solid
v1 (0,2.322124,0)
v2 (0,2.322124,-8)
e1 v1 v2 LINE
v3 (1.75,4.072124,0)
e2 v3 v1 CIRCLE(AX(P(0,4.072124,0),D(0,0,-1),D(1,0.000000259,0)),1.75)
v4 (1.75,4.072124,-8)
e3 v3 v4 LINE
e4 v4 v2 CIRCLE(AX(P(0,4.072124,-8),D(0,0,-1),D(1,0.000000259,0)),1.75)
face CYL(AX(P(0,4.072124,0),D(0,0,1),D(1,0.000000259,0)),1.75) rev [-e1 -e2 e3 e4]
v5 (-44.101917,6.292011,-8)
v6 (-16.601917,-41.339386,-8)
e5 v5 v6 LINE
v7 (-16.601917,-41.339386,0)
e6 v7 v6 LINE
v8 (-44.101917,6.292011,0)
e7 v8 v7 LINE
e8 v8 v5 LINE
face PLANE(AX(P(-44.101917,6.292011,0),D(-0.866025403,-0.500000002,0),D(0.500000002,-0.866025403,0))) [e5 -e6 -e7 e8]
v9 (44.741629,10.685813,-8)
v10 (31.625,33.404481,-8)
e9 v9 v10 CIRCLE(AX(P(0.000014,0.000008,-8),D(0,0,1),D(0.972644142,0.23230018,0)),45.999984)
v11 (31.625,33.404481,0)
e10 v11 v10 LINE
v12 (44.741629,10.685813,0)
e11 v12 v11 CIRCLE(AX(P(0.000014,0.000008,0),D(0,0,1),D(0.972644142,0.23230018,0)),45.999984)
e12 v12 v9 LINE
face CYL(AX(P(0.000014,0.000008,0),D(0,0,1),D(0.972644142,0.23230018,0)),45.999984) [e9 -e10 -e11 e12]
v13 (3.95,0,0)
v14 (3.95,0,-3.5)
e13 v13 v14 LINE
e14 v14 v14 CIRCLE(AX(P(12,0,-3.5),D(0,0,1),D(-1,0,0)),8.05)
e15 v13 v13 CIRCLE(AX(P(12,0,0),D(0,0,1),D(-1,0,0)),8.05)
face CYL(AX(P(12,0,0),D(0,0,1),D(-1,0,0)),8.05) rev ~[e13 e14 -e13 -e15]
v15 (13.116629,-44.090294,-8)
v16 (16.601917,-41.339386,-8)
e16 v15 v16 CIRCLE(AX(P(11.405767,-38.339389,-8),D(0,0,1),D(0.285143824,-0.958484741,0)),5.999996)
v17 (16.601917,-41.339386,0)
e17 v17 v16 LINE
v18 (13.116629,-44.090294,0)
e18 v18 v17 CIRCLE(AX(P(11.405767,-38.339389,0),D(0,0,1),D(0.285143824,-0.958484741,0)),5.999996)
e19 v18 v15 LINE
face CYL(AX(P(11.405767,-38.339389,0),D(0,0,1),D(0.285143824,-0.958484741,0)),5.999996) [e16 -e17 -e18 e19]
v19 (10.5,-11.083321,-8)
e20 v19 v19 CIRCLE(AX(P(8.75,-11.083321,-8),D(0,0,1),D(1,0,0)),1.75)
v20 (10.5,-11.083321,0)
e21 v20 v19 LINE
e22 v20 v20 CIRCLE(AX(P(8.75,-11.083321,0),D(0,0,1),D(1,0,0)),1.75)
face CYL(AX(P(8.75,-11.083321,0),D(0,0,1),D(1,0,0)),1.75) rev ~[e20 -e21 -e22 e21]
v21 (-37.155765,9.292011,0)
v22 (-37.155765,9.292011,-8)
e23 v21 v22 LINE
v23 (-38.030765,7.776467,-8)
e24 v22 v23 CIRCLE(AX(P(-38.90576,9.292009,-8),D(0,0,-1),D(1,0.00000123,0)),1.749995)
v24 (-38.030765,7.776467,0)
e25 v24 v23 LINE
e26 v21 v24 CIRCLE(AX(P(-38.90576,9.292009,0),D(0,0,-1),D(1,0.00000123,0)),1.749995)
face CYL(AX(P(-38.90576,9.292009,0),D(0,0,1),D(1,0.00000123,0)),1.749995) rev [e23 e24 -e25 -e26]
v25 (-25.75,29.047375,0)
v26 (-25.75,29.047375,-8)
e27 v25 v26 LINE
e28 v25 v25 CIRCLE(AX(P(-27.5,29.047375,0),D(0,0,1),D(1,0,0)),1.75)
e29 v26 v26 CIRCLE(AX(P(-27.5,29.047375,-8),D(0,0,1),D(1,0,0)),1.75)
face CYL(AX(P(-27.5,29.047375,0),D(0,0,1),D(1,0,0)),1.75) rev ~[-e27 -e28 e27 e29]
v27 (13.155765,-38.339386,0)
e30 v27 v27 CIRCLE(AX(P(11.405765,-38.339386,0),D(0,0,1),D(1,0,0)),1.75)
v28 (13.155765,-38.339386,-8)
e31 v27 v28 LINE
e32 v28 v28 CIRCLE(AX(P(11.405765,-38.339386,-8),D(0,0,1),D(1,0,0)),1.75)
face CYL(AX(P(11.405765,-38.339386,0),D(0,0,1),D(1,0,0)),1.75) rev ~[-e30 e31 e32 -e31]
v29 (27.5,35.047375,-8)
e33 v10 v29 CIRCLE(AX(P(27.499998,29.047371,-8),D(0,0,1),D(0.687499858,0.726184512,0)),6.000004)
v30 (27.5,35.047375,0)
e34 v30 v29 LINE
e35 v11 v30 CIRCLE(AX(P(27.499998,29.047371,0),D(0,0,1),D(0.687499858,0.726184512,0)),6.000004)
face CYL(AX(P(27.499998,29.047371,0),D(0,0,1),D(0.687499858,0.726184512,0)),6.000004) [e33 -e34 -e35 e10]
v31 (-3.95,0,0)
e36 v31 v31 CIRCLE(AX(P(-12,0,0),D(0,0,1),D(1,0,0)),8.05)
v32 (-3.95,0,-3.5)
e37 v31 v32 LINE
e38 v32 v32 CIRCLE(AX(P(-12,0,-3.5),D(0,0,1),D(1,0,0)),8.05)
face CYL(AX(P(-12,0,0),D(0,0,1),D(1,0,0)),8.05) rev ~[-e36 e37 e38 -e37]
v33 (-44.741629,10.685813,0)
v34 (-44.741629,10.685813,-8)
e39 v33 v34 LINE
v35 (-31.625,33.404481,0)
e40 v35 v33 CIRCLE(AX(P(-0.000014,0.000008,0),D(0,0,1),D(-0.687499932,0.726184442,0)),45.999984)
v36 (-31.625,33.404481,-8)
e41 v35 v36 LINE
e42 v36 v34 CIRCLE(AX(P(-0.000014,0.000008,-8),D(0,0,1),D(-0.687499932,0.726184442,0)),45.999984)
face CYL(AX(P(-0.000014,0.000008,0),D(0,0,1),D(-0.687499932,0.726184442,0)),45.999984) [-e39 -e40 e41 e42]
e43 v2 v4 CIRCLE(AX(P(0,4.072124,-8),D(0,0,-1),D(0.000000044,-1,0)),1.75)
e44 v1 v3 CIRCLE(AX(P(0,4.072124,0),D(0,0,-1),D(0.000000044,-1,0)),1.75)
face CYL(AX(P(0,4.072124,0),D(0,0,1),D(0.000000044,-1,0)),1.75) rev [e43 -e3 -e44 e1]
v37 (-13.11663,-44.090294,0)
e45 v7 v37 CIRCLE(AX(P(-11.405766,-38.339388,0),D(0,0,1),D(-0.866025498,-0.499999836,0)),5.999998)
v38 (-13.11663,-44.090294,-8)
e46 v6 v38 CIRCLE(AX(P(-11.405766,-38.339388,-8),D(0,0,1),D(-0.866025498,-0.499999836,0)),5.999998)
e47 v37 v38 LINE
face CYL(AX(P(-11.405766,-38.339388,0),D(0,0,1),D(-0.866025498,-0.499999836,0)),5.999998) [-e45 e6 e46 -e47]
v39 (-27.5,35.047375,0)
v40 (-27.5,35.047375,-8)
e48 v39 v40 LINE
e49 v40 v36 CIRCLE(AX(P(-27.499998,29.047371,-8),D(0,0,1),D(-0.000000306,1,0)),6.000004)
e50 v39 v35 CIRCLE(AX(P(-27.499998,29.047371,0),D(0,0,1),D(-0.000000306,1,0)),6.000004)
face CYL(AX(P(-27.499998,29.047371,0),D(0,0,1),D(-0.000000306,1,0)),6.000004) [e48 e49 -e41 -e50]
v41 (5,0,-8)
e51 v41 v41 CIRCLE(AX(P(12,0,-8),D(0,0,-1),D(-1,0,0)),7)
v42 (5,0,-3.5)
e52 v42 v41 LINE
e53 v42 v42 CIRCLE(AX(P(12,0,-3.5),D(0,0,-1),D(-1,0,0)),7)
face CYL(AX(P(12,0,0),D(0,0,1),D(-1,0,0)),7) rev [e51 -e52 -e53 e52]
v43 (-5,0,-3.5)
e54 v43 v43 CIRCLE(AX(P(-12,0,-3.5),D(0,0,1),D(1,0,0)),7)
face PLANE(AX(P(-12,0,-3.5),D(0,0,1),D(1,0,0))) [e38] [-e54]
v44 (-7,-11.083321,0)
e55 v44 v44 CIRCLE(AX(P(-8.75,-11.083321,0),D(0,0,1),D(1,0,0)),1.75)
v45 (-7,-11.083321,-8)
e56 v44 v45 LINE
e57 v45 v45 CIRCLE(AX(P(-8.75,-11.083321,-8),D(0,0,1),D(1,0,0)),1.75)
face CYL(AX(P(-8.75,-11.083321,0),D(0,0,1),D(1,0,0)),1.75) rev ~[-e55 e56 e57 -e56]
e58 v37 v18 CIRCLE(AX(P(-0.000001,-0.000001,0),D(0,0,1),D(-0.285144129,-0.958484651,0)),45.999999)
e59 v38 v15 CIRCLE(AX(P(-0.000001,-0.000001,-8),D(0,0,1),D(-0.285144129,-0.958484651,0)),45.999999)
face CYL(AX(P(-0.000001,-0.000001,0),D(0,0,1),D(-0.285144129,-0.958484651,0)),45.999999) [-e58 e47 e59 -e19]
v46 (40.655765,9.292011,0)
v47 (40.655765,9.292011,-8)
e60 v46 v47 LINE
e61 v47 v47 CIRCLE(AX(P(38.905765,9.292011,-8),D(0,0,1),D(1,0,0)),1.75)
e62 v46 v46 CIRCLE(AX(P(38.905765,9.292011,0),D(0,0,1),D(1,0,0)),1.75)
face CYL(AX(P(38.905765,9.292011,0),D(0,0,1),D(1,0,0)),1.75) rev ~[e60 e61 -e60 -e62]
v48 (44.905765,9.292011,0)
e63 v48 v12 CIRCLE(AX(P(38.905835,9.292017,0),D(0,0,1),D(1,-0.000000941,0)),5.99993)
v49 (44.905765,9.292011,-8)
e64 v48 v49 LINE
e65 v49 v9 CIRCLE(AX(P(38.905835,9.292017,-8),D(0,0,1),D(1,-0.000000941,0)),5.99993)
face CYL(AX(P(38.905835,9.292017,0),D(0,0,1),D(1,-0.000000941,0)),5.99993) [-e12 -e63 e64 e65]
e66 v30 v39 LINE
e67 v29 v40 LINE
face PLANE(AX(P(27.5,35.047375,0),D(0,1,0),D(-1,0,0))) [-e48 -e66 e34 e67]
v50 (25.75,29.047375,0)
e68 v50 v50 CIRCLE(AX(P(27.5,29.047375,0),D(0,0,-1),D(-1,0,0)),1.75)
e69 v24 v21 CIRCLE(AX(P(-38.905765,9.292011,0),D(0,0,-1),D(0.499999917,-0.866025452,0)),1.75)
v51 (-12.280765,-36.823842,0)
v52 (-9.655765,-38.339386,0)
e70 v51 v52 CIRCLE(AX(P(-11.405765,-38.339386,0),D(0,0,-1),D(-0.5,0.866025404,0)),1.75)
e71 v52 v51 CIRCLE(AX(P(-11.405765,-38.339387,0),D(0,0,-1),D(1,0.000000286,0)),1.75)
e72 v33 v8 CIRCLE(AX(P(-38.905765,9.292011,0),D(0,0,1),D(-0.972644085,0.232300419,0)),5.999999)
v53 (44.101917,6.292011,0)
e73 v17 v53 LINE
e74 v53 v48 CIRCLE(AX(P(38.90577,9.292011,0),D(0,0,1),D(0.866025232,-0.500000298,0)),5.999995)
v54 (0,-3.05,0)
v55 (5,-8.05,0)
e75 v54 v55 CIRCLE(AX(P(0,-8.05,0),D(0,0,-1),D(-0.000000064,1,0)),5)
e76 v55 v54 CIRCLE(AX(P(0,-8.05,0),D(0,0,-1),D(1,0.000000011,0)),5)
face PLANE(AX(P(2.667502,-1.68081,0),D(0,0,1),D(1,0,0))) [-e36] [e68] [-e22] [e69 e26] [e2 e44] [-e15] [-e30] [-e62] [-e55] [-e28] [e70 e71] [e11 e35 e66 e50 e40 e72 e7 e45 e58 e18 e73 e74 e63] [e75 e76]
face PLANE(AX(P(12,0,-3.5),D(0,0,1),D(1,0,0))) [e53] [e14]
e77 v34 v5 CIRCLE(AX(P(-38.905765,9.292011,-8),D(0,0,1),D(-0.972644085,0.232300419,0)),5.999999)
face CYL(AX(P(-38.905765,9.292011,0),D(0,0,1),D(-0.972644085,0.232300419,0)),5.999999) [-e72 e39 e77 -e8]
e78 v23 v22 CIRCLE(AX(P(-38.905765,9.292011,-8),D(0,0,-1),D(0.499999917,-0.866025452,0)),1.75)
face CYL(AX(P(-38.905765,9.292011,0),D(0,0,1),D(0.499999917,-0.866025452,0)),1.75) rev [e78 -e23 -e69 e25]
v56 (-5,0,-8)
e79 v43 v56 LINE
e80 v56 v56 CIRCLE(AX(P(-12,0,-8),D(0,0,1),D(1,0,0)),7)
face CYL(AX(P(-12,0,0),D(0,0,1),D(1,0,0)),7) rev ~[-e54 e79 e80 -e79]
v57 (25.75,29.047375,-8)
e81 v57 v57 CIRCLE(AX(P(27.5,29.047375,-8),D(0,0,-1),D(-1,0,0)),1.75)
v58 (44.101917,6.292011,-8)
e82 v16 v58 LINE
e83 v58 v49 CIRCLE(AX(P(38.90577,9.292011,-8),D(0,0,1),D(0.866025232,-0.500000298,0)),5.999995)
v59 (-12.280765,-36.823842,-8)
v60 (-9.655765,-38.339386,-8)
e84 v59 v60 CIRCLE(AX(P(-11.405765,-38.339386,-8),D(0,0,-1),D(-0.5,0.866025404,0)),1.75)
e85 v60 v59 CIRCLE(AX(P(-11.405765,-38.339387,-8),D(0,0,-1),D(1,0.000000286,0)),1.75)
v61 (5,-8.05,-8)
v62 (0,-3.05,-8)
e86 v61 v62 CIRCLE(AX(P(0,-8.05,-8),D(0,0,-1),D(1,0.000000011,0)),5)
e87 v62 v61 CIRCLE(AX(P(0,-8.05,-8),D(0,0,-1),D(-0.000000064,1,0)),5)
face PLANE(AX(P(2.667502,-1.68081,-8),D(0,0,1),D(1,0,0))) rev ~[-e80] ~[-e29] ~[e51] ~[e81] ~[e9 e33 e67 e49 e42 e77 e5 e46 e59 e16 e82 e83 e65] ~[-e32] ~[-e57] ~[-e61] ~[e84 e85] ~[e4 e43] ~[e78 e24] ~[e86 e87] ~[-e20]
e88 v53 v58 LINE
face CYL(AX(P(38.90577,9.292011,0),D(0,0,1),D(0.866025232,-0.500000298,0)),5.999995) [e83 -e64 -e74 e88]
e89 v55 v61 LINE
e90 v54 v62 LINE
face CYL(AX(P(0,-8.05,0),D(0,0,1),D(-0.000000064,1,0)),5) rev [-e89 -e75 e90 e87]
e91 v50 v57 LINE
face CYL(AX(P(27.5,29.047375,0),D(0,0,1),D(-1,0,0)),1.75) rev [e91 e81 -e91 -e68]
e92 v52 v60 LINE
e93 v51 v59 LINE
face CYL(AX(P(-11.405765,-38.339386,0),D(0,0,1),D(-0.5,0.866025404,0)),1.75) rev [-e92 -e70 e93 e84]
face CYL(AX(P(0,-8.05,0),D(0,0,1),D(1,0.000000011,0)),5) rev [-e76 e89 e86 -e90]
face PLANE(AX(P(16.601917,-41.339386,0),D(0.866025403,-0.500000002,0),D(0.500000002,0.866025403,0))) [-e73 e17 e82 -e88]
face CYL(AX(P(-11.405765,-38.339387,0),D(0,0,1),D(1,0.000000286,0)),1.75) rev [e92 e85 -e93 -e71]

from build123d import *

# Parameters (mm, degrees)
F0_R     = 1.75
F0_R_2   = 8.05
F0_R_3   = 7
F1_DEPTH = 8
F2_DEPTH = 3.5


with BuildPart() as f1:
    # F0 (on Top) → F1 (new body)
    with BuildSketch(Plane.XY):
        with BuildLine():
            ThreePointArc((-32.905765, 9.292011), (-33.709612, 6.292011), (-35.905765, 4.095859))
            Line((-35.905765, 4.095859), (-14.405765, -33.143234))
            ThreePointArc((-14.405765, -33.143234), (-8.405765, -33.143234), (-5.405765, -38.339386))
            ThreePointArc((-5.405765, -38.339386), (-7.818648, -43.149022), (-13.11663, -44.090294))
            ThreePointArc((-13.11663, -44.090294), (0, -46), (13.116629, -44.090294))
            ThreePointArc((13.116629, -44.090294), (6.596129, -34.752269), (17.405765, -38.339386))
            ThreePointArc((17.405765, -38.339386), (17.20132, -39.8923), (16.601917, -41.339386))
            Line((16.601917, -41.339386), (44.101917, 6.292011))
            ThreePointArc((44.101917, 6.292011), (32.968364, 10.156462), (44.741629, 10.685813))
            ThreePointArc((44.741629, 10.685813), (39.837169, 23), (31.625, 33.404481))
            ThreePointArc((31.625, 33.404481), (33.011352, 31.419083), (33.5, 29.047375))
            ThreePointArc((33.5, 29.047375), (27.5, 23.047375), (21.5, 29.047375))
            Line((21.5, 29.047375), (-21.5, 29.047375))
            ThreePointArc((-21.5, 29.047375), (-29.871708, 23.536023), (-31.625, 33.404481))
            ThreePointArc((-31.625, 33.404481), (-39.837169, 23), (-44.741629, 10.685813))
            ThreePointArc((-44.741629, 10.685813), (-38.204048, 15.250836), (-32.905765, 9.292011))
        make_face()
        with Locations((-8.75, -11.083321)):
            Circle(F0_R, mode=Mode.SUBTRACT)
        with BuildLine():
            ThreePointArc((5, -8.05), (-3.535534, -11.585534), (0, -3.05))
            ThreePointArc((0, -3.05), (3.535534, -4.514466), (5, -8.05))
        make_face(mode=Mode.SUBTRACT)
        with Locations((8.75, -11.083321)):
            Circle(F0_R, mode=Mode.SUBTRACT)
        with Locations((-12, 0)):
            Circle(F0_R_2, mode=Mode.SUBTRACT)
        with BuildLine():
            ThreePointArc((1.75, 4.072124), (1.237437, 2.834687), (0, 2.322124))
            ThreePointArc((0, 2.322124), (-1.237437, 5.309561), (1.75, 4.072124))
        make_face(mode=Mode.SUBTRACT)
        with BuildLine():
            ThreePointArc((20.05, 0), (12, -8.05), (3.95, 0))
            ThreePointArc((3.95, 0), (12, 8.05), (20.05, 0))
        make_face(mode=Mode.SUBTRACT)
        with BuildLine():
            Line((-14.405765, -33.143234), (-35.905765, 4.095859))
            ThreePointArc((-35.905765, 4.095859), (-40.458679, 3.496456), (-44.101917, 6.292011))
            Line((-44.101917, 6.292011), (-16.601917, -41.339386))
            ThreePointArc((-16.601917, -41.339386), (-17.20132, -36.786472), (-14.405765, -33.143234))
        make_face()
        with BuildLine():
            ThreePointArc((-44.101917, 6.292011), (-40.458679, 3.496456), (-35.905765, 4.095859))
            ThreePointArc((-35.905765, 4.095859), (-33.709612, 6.292011), (-32.905765, 9.292011))
            ThreePointArc((-32.905765, 9.292011), (-38.204048, 15.250836), (-44.741629, 10.685813))
            ThreePointArc((-44.741629, 10.685813), (-44.843165, 8.42756), (-44.101917, 6.292011))
        make_face()
        with BuildLine():
            ThreePointArc((-38.030765, 7.776467), (-40.421309, 10.167011), (-37.155765, 9.292011))
            ThreePointArc((-37.155765, 9.292011), (-37.39022, 8.417011), (-38.030765, 7.776467))
        make_face(mode=Mode.SUBTRACT)
        with BuildLine():
            ThreePointArc((-27.5, 35.047375), (-29.720063, 34.62154), (-31.625, 33.404481))
            ThreePointArc((-31.625, 33.404481), (-29.871708, 23.536023), (-21.5, 29.047375))
            ThreePointArc((-21.5, 29.047375), (-23.257359, 33.290016), (-27.5, 35.047375))
        make_face()
        with Locations((-27.5, 29.047375)):
            Circle(F0_R, mode=Mode.SUBTRACT)
        with BuildLine():
            Line((27.5, 35.047375), (-27.5, 35.047375))
            ThreePointArc((-27.5, 35.047375), (-23.257359, 33.290016), (-21.5, 29.047375))
            Line((-21.5, 29.047375), (21.5, 29.047375))
            ThreePointArc((21.5, 29.047375), (23.257359, 33.290016), (27.5, 35.047375))
        make_face()
        with BuildLine():
            ThreePointArc((33.5, 29.047375), (33.011352, 31.419083), (31.625, 33.404481))
            ThreePointArc((31.625, 33.404481), (29.720063, 34.62154), (27.5, 35.047375))
            ThreePointArc((27.5, 35.047375), (23.257359, 33.290016), (21.5, 29.047375))
            ThreePointArc((21.5, 29.047375), (27.5, 23.047375), (33.5, 29.047375))
        make_face()
        with BuildLine():
            ThreePointArc((29.25, 29.047375), (27.5, 27.297375), (25.75, 29.047375))
            ThreePointArc((25.75, 29.047375), (27.5, 30.797375), (29.25, 29.047375))
        make_face(mode=Mode.SUBTRACT)
        with BuildLine():
            ThreePointArc((44.905765, 9.292011), (44.86459, 9.993728), (44.741629, 10.685813))
            ThreePointArc((44.741629, 10.685813), (32.968364, 10.156462), (44.101917, 6.292011))
            ThreePointArc((44.101917, 6.292011), (44.70132, 7.739097), (44.905765, 9.292011))
        make_face()
        with Locations((38.905765, 9.292011)):
            Circle(F0_R, mode=Mode.SUBTRACT)
        with BuildLine():
            ThreePointArc((17.405765, -38.339386), (6.596129, -34.752269), (13.116629, -44.090294))
            ThreePointArc((13.116629, -44.090294), (15.123102, -43.0491), (16.601917, -41.339386))
            ThreePointArc((16.601917, -41.339386), (17.20132, -39.8923), (17.405765, -38.339386))
        make_face()
        with Locations((11.405765, -38.339386)):
            Circle(F0_R, mode=Mode.SUBTRACT)
        with BuildLine():
            ThreePointArc((-5.405765, -38.339386), (-8.405765, -33.143234), (-14.405765, -33.143234))
            ThreePointArc((-14.405765, -33.143234), (-17.20132, -36.786472), (-16.601917, -41.339386))
            ThreePointArc((-16.601917, -41.339386), (-15.123102, -43.0491), (-13.11663, -44.090294))
            ThreePointArc((-13.11663, -44.090294), (-7.818648, -43.149022), (-5.405765, -38.339386))
        make_face()
        with BuildLine():
            ThreePointArc((-9.655765, -38.339386), (-12.280765, -39.854931), (-12.280765, -36.823842))
            ThreePointArc((-12.280765, -36.823842), (-10.530765, -36.823842), (-9.655765, -38.339386))
        make_face(mode=Mode.SUBTRACT)
        with Locations((-12, 0)):
            Circle(F0_R_2)
        with Locations((-12, 0)):
            Circle(F0_R_3, mode=Mode.SUBTRACT)
        with BuildLine():
            ThreePointArc((20.05, 0), (12, 8.05), (3.95, 0))
            ThreePointArc((3.95, 0), (12, -8.05), (20.05, 0))
        make_face()
        with BuildLine():
            ThreePointArc((19, 0), (12, -7), (5, 0))
            ThreePointArc((5, 0), (12, 7), (19, 0))
        make_face(mode=Mode.SUBTRACT)
    extrude(amount=-F1_DEPTH)

    # F0 (on Top) → F2 (cut)
    with BuildSketch(Plane.XY):
        with BuildLine():
            ThreePointArc((20.05, 0), (12, 8.05), (3.95, 0))
            ThreePointArc((3.95, 0), (12, -8.05), (20.05, 0))
        make_face()
        with BuildLine():
            ThreePointArc((19, 0), (12, -7), (5, 0))
            ThreePointArc((5, 0), (12, 7), (19, 0))
        make_face(mode=Mode.SUBTRACT)
        with Locations((-12, 0)):
            Circle(F0_R_2)
        with Locations((-12, 0)):
            Circle(F0_R_3, mode=Mode.SUBTRACT)
    extrude(amount=-F2_DEPTH, mode=Mode.SUBTRACT)


solid = f1.part
